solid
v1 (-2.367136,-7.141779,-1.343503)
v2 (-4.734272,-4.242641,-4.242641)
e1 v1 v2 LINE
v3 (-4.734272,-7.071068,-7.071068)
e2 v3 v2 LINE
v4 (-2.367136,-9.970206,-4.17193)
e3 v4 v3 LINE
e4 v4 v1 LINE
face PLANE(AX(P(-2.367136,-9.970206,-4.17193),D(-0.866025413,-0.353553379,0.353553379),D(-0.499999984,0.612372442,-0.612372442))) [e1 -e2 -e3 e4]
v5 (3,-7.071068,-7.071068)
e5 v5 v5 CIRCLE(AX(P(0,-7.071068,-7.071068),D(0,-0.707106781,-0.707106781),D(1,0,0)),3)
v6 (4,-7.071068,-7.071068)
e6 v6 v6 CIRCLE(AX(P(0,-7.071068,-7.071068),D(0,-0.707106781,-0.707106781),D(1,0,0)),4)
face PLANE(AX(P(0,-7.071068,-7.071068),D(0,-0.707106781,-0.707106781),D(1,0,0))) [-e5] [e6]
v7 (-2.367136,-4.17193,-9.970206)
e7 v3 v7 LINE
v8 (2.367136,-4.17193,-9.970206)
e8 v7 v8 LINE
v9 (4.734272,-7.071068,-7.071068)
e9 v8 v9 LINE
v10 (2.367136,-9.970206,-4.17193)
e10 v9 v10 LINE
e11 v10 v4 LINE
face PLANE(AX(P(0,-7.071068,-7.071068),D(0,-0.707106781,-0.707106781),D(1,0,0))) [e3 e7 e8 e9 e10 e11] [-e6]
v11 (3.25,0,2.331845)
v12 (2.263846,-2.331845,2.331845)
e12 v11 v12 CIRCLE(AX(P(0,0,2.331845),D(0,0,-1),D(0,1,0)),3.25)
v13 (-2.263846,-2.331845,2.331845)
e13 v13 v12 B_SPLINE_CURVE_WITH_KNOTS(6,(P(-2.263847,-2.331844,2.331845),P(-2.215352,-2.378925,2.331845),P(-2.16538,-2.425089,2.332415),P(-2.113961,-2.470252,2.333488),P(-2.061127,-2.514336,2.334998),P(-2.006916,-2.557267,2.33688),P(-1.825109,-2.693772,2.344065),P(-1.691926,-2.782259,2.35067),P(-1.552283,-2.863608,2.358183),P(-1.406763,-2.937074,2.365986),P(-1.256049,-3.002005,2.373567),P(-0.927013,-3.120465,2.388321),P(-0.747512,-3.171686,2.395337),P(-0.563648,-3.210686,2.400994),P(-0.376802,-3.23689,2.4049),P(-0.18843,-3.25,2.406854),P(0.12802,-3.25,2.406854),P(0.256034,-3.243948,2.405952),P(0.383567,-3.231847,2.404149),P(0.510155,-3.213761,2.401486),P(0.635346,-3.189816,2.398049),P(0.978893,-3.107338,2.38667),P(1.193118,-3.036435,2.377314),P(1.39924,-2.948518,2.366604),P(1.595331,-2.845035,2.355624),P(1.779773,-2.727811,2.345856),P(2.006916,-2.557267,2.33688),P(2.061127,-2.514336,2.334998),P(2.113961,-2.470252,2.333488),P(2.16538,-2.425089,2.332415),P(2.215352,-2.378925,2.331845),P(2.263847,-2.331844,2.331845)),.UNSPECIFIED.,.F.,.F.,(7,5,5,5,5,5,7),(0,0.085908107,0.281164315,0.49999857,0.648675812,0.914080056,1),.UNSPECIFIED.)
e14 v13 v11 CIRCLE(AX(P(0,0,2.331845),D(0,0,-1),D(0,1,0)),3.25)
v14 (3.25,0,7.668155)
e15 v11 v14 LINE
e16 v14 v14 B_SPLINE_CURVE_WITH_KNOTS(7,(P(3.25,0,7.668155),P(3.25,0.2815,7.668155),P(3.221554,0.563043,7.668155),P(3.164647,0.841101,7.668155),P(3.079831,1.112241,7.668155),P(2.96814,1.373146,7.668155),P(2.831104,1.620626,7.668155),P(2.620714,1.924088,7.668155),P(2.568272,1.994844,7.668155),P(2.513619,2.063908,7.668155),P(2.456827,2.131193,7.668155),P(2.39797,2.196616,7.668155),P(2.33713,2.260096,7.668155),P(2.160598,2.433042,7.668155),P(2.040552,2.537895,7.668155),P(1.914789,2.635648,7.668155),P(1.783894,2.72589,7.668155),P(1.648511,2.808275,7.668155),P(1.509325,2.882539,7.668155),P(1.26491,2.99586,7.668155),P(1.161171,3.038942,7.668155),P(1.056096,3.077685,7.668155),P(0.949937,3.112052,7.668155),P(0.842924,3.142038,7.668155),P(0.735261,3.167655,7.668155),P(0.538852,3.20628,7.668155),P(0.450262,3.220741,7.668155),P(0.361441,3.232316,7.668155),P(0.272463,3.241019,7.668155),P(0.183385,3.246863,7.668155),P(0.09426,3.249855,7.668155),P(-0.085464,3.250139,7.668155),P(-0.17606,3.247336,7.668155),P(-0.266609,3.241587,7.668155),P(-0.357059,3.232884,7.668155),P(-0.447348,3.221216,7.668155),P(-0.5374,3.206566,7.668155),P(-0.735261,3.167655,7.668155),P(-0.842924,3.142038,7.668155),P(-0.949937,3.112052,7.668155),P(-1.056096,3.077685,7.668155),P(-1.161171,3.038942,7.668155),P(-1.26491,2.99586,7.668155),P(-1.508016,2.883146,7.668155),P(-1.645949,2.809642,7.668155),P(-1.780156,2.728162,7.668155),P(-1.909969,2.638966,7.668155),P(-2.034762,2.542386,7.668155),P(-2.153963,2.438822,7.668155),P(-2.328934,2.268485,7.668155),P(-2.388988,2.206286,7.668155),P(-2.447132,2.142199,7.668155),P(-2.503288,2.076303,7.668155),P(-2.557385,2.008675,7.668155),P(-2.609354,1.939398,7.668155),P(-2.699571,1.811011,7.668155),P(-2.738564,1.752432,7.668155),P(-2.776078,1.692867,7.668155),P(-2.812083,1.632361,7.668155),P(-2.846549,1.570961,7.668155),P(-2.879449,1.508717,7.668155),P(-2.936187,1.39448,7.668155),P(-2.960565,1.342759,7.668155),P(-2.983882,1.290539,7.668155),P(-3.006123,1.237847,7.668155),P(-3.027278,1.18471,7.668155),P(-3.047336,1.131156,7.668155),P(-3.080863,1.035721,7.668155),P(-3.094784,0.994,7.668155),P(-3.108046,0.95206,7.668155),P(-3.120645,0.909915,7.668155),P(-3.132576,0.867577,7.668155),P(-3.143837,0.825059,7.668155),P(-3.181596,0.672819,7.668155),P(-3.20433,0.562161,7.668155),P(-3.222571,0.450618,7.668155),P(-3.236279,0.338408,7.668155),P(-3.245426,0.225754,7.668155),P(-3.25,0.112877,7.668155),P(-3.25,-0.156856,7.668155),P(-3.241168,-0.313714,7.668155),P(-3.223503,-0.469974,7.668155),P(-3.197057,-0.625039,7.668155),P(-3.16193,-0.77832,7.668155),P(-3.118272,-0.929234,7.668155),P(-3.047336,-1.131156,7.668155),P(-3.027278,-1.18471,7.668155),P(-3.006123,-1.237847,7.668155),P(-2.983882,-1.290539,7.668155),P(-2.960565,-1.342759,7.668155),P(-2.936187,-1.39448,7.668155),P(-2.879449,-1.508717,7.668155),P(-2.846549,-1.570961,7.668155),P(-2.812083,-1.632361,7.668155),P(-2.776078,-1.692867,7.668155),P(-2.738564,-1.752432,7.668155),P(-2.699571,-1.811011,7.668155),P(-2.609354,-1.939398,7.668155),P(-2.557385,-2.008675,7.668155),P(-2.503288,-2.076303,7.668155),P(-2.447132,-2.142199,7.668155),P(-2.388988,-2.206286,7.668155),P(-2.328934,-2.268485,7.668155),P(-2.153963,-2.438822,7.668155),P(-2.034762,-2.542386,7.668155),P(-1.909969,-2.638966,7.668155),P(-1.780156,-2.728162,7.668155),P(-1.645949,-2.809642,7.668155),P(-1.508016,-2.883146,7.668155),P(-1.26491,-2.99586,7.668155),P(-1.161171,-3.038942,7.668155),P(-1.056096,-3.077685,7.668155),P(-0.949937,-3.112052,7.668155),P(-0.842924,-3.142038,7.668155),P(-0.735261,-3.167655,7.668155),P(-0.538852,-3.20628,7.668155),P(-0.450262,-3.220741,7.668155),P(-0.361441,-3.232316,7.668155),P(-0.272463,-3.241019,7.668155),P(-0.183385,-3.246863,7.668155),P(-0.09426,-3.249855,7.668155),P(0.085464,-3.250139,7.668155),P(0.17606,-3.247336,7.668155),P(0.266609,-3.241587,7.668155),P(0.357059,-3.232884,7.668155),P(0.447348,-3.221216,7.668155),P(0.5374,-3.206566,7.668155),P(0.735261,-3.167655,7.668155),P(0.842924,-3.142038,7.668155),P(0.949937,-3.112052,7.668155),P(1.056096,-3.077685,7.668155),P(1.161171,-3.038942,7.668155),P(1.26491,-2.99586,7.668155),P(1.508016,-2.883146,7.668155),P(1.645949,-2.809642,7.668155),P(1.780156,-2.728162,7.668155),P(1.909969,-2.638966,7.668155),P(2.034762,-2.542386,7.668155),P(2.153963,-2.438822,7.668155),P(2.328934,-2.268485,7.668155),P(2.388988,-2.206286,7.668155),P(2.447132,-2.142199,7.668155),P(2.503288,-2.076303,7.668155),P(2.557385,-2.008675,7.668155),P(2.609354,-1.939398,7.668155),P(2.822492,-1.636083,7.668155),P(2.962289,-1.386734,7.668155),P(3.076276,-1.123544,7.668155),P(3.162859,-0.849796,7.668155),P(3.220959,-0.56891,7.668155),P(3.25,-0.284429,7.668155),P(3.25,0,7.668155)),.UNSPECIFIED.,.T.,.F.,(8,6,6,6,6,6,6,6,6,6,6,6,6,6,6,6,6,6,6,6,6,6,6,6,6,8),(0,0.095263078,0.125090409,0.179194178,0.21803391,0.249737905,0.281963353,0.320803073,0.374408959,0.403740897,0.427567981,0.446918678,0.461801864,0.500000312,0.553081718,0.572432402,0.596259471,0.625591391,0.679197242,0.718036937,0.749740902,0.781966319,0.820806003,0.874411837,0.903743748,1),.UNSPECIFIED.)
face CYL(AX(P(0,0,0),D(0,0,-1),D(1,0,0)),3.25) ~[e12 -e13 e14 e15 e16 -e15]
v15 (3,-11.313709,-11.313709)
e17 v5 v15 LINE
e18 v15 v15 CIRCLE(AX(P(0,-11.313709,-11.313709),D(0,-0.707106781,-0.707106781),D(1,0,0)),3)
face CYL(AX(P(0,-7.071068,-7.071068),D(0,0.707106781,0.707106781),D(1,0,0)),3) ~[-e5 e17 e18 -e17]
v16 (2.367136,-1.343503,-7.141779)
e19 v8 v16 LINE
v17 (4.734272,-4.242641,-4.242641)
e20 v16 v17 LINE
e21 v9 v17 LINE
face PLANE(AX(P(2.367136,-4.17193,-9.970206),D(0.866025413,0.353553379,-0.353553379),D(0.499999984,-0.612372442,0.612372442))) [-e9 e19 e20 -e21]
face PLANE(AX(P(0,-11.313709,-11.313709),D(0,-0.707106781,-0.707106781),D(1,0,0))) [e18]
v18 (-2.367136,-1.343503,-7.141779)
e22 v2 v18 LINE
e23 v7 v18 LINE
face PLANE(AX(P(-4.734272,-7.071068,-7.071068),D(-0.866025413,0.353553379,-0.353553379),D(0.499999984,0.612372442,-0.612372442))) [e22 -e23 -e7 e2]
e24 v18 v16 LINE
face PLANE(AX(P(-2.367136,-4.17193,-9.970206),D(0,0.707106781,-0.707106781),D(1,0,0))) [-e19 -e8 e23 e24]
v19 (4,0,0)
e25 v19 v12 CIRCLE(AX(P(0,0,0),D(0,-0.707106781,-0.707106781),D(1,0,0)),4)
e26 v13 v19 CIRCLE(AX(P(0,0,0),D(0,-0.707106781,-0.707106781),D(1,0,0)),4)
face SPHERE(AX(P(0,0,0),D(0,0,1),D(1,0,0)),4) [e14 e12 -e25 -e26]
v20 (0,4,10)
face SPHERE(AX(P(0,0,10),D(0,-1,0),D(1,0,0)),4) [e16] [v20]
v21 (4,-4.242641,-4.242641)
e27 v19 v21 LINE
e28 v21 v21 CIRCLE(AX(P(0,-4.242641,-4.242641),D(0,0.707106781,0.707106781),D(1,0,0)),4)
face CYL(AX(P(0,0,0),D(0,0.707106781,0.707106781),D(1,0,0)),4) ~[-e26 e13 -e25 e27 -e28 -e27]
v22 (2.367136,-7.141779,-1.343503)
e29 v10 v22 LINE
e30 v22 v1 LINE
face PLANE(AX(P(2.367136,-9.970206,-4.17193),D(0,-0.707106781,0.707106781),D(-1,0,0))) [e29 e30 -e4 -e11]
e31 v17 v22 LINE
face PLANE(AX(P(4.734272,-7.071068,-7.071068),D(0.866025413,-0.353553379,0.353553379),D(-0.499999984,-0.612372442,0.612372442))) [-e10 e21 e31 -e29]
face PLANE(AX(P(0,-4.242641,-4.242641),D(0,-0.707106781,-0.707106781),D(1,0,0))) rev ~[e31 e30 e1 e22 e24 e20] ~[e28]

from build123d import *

# Parameters (mm, degrees)
SKETCH_R     = 3.25
PAD_DEPTH    = 10
SKETCH001_R  = 4
PAD001_DEPTH = 10
SKETCH002_R  = 3
PAD002_DEPTH = 6
PAD003_DEPTH = 4


with BuildPart() as part:
    # Sketch → Pad (new body)
    with BuildSketch(Plane.XY):
        Circle(SKETCH_R)
    extrude(amount=PAD_DEPTH)

    # Sketch001 → Pad001 (join)
    with BuildSketch(Plane(origin=(0, 0, 0), x_dir=(1, 0, 0), z_dir=(0, -0.707107, -0.707107))):
        Circle(SKETCH001_R)
    extrude(amount=PAD001_DEPTH)

    # Sphere → Sphere (revolve)
    with BuildSketch(Plane.XZ):
        with BuildLine():
            ThreePointArc((0, -4), (4, 0), (0, 4))
            Line((0, 4), (0, -4))
        make_face()
    revolve(axis=Axis((0, 0, 0), (0, 0, 1)))

    # Sphere001 → Sphere001 (revolve)
    with BuildSketch(Plane(origin=(0, 0, 10), x_dir=(1, 0, 0), z_dir=(0, 0, -1))):
        with BuildLine():
            ThreePointArc((0, -4), (4, 0), (0, 4))
            Line((0, 4), (0, -4))
        make_face()
    revolve(axis=Axis((0, 0, 10), (0, -1, 0)))

    # Sketch002 (on Face6 of Sphere001) → Pad002 (join)
    with BuildSketch(Plane(origin=(0, -12.071068, -2.071068), x_dir=(1, 0, 0), z_dir=(0, -0.707107, -0.707107))):
        with Locations((0, -7.071068)):
            Circle(SKETCH002_R)
    extrude(amount=PAD002_DEPTH)

    # Sketch003 (on Face6 of Pad002) → Pad003 (join)
    with BuildSketch(Plane(origin=(0, -12.071068, -2.071068), x_dir=(1, 0, 0), z_dir=(0, -0.707107, -0.707107))):
        Polygon((2.367136, -2.971068), (-2.367136, -2.971068), (-4.734272, -7.071068), (-2.367136, -11.171068), (2.367136, -11.171068), (4.734272, -7.071068), align=None)
    extrude(amount=-PAD003_DEPTH)


solid = part.part
